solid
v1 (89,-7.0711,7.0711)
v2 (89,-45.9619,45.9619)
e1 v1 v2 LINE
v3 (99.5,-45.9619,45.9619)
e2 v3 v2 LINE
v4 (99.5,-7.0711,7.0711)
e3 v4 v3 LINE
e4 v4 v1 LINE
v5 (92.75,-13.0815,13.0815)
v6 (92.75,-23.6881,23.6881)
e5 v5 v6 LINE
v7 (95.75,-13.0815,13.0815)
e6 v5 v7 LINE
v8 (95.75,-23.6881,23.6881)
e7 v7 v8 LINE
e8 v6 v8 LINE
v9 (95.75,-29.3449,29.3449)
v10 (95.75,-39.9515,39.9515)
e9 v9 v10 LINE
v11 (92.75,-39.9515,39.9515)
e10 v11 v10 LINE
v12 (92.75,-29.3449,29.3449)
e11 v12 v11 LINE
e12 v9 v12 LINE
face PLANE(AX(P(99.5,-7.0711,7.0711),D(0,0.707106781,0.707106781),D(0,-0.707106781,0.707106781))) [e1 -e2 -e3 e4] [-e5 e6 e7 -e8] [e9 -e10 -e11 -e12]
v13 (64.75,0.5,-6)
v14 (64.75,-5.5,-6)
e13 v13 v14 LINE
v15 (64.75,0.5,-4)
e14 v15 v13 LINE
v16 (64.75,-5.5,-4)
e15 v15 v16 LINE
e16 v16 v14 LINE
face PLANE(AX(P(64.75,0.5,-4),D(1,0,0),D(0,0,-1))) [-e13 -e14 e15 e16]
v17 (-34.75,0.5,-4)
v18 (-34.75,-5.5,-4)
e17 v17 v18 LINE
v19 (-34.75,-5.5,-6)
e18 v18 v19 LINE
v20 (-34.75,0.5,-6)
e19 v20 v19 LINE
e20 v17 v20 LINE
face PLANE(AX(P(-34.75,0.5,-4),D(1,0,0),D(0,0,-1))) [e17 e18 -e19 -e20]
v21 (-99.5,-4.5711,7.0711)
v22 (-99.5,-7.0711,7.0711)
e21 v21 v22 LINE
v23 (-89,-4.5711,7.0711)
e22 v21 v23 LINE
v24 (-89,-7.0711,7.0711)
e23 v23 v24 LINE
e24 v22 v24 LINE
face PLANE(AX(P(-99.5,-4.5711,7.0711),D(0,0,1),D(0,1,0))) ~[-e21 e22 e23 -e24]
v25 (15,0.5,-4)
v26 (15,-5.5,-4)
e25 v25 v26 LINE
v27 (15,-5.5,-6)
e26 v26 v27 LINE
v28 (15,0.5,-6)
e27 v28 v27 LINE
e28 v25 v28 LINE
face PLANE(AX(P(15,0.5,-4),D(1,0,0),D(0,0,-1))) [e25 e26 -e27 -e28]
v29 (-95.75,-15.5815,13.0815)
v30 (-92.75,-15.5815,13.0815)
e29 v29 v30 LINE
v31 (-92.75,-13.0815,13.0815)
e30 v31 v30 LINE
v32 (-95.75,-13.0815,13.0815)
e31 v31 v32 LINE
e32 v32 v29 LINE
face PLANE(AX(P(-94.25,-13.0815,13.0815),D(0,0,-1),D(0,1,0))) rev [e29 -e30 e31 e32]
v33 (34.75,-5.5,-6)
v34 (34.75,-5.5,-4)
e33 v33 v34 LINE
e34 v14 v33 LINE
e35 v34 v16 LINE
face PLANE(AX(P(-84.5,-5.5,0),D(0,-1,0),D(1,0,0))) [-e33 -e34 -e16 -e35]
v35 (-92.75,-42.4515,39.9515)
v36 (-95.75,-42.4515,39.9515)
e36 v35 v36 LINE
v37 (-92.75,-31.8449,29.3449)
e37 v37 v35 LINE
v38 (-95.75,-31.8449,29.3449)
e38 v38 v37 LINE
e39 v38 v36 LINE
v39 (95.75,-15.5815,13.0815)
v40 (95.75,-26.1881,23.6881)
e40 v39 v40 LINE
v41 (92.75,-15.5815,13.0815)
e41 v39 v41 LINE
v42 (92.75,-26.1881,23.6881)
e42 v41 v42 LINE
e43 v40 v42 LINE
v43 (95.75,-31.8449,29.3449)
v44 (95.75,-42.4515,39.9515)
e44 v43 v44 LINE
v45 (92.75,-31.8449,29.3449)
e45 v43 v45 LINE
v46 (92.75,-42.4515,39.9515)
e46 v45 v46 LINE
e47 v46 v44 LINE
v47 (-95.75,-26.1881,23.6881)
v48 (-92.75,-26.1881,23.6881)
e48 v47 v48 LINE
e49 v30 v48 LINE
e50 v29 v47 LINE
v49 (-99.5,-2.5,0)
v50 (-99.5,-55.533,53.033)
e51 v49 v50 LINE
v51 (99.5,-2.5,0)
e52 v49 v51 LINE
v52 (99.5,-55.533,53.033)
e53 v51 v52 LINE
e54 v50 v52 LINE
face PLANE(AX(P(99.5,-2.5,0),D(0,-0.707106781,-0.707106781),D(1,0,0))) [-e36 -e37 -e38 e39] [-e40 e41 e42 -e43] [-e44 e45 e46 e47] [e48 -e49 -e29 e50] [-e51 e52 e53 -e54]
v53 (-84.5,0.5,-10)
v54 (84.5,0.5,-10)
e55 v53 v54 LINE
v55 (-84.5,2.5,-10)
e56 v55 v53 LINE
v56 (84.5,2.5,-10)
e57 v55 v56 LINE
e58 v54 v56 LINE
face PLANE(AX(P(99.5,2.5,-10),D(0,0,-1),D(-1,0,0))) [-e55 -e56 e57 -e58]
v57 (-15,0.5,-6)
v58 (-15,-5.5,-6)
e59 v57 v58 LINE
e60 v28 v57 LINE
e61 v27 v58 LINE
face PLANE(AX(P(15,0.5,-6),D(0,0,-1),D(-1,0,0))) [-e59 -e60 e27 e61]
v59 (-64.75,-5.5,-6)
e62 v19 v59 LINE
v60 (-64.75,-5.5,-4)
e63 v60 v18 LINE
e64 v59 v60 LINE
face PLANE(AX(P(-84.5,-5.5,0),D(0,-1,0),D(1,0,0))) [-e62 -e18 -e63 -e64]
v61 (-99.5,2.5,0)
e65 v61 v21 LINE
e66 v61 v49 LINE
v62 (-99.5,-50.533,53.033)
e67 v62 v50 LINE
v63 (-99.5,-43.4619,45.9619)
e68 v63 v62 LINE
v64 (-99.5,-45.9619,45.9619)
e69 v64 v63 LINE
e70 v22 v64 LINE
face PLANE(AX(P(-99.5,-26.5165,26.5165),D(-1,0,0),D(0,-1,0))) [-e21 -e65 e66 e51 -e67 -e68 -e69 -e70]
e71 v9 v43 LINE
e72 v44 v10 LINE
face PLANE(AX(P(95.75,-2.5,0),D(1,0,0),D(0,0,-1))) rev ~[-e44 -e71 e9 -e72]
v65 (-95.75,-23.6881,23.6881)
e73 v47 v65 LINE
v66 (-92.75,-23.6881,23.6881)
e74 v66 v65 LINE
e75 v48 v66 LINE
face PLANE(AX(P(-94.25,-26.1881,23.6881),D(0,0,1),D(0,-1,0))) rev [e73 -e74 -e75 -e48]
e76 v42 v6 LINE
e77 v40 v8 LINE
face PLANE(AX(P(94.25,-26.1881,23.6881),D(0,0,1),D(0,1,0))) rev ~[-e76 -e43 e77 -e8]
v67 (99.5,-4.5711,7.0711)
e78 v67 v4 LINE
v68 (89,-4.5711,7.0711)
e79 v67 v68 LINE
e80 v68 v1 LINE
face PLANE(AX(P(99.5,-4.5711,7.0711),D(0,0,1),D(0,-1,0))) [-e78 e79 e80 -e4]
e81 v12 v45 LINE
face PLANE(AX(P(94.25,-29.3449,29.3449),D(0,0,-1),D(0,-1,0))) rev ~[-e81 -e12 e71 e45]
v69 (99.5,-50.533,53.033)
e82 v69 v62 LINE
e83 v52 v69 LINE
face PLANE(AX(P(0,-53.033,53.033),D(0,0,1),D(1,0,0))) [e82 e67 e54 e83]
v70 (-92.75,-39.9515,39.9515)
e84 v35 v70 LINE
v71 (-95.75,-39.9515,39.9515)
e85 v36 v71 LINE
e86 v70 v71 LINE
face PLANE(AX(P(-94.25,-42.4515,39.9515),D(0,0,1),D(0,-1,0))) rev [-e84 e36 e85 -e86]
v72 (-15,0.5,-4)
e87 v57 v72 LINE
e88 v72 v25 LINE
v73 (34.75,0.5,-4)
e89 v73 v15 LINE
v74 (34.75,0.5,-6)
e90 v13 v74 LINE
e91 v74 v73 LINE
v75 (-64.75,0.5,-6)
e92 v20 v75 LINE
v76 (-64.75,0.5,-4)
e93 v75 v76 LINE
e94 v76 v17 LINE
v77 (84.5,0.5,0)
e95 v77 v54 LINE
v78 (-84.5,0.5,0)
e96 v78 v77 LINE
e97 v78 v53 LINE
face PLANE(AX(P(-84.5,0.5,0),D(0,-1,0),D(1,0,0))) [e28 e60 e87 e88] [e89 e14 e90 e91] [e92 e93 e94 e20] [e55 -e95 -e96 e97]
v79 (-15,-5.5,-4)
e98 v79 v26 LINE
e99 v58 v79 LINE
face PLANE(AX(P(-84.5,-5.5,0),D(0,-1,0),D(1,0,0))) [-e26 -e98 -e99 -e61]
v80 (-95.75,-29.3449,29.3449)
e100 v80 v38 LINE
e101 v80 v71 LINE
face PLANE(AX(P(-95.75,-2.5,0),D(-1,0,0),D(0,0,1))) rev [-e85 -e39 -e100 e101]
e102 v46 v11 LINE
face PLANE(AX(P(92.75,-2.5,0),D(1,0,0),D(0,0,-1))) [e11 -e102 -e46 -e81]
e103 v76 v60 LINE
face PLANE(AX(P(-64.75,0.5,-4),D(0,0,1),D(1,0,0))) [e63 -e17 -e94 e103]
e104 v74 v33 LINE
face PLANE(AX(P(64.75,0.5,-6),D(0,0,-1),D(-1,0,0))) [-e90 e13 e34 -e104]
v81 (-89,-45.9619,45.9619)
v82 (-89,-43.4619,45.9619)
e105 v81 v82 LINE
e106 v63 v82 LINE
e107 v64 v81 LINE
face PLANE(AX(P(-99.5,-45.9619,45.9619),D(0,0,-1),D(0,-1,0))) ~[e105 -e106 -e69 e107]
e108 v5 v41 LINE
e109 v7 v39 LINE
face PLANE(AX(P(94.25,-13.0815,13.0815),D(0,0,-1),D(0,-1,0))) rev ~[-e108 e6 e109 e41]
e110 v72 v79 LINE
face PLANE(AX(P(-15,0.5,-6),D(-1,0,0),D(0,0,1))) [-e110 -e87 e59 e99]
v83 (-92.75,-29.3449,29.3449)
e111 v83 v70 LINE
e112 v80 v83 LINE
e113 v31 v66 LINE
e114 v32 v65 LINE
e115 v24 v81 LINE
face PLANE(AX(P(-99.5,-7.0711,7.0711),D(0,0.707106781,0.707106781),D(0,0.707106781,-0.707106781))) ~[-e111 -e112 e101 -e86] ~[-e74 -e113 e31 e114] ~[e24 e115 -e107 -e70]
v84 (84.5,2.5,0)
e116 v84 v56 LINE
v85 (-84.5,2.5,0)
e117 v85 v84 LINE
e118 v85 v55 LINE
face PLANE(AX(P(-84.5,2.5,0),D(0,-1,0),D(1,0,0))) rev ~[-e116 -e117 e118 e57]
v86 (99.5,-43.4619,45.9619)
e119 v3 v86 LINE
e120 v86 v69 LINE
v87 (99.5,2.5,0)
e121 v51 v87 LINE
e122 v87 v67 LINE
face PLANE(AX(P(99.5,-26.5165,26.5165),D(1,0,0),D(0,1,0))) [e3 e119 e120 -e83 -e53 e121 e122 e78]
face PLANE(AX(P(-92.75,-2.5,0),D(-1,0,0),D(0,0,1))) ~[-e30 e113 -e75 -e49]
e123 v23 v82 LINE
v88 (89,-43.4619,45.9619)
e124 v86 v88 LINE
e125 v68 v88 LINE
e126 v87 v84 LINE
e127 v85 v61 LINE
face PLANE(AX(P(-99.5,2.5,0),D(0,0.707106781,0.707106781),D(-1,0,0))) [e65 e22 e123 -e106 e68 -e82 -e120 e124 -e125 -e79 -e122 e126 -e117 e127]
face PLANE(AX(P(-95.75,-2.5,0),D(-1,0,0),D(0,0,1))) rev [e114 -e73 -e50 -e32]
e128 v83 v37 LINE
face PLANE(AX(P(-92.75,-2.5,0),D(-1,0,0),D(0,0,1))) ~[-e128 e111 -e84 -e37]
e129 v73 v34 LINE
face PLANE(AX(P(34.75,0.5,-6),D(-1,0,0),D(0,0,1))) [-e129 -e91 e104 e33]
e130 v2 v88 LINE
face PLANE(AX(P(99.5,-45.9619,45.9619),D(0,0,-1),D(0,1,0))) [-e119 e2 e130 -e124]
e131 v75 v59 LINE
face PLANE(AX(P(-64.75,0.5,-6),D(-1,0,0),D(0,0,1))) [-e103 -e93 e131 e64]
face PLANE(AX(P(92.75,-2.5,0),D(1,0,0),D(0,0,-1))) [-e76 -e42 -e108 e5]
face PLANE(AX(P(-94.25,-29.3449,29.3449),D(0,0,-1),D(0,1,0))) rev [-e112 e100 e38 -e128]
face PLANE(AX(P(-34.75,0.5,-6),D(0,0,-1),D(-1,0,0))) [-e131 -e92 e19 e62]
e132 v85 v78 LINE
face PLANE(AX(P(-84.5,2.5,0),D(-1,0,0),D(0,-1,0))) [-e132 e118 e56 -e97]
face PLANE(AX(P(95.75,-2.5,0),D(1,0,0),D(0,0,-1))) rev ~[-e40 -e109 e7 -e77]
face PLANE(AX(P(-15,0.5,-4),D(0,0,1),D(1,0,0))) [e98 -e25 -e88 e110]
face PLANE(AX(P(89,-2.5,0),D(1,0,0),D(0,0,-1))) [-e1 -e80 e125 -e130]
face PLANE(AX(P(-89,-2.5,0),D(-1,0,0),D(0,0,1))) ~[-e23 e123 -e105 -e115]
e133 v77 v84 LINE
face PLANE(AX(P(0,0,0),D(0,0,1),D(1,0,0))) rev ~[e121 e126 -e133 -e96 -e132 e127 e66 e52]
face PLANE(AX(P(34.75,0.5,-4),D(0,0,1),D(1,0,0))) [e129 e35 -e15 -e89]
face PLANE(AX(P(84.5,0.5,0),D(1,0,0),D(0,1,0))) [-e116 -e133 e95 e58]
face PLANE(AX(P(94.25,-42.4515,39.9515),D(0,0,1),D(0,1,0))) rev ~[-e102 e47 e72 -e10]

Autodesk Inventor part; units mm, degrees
ref_plane "YZ Plane" through (0, 0, 0) normal (1, 0, 0) x (0, 1, 0)
ref_plane "XZ Plane" through (0, 0, 0) normal (0, 1, 0) x (-1, 0, 0)
sketch "Sketch2" plane through (0, 0, 0) normal (0, 0, 1) x (1, 0, 0)
  line L0 (-99.5, 2.5) -> (99.5, 2.5)
  line L1 (99.5, 2.5) -> (99.5, -2.5)
  line L2 (99.5, -2.5) -> (-99.5, -2.5)
  line L3 (-99.5, -2.5) -> (-99.5, 2.5)
  point P0 (0, 0)
  dimension "d1" = 199
  dimension "d2" = 5
  dimension "d3" = 2.5
  dimension "d4" = 99.5
sketch "Sketch3" plane through (0, 0, 0) normal (1, 0, 0) x (0, 1, 0)
  line L0 (0, 0) -> (-53.033, 53.033)
  line L1 (0, -0.5221) -> (1.6531, -0.5221)
  dimension "d5" = 75
  dimension "d6" = 45
sweep "Sweep1" add profiles "Sketch2" path "Sketch3" path curves L0
sketch "Sketch4" plane through (-99.5, 2.5, 0) normal (0, 0.7071, 0.7071) x (1, 0, 0)
  line L0 (0, 0) -> (199, 0) projected
  line L1 (0, 0) -> (0, -75) projected
  line L2 (199, -75) -> (0, -75) projected
  line L3 (199, 0) -> (199, -75) projected
  line L4 (199, 0) -> (199, -75)
  line L5 (199, 0) -> (274, -75)
  line L6 (274, -75) -> (199, -75)
  point P0 (99.5, -1.7678)
  dimension "d9" = 45
sketch "Sketch5" plane through (99.5, -2.5, 0) normal (1, 0, 0) x (0, 0, -1)
  line L0 (0, 5) -> (0, 0) projected
  line L1 (0, 5) -> (-53.033, -48.033) projected
  line L2 (-53.033, -53.033) -> (-53.033, -48.033) projected
  line L3 (0, 0) -> (-53.033, -53.033) projected
  line L4 (-26.5165, -21.5165) -> (-26.5165, -26.5165)
  point P0 (0, 2.5)
sweep "Sweep2" [suppressed]
mirror "Mirror1" [suppressed]
sketch "Sketch6" plane through (99.5, 2.5, 0) normal (0, 0, -1) x (-1, 0, 0)
  line L0 (199, 0) -> (0, 0) projected
  line L1 (0, 0) -> (0, -5) projected
  line L2 (0, -5) -> (199, -5) projected
  line L3 (199, -5) -> (199, 0) projected
  line L4 (0, 0) -> (199, 0)
  line L5 (199, 0) -> (199, -2)
  line L6 (199, -2) -> (0, -2)
  line L7 (0, -2) -> (0, 0)
  line L8 (98.5, -2) -> (100.5, -2)
  line L9 (100.5, -2) -> (100.5, -5)
  line L10 (100.5, -5) -> (98.5, -5)
  line L11 (98.5, -5) -> (98.5, -2)
  line L12 (48.25, -2) -> (50.25, -2)
  line L13 (50.25, -2) -> (50.25, -5)
  line L14 (50.25, -5) -> (48.25, -5)
  line L15 (48.25, -5) -> (48.25, -2)
  line L16 (148.75, -2) -> (150.75, -2)
  line L17 (150.75, -2) -> (150.75, -5)
  line L18 (150.75, -5) -> (148.75, -5)
  line L19 (148.75, -5) -> (148.75, -2)
  point P0 (99.5, -2.5)
  dimension "d12" = 2
  dimension "d13" = 2
  dimension "d14" = 199
  dimension "d15" = 1
  dimension "d16" = 2
  dimension "d17" = 2
  dimension "d18" = 48.25
  dimension "d19" = 48.25
  dimension "d20" = 48.25
  dimension "d21" = 48.25
extrude "Extrusion1" [suppressed]
sketch "Sketch7" plane through (1, 0.5, 0) normal (0, -1, 0) x (1, 0, 0)
  line L0 (63, 0) -> (63, -10) projected
  line L1 (124, -10) -> (63, -10) projected
  line L2 (124, 0) -> (124, -10) projected
  line L3 (63, 0) -> (124, 0) projected
  line L4 (61, 0) -> (61, -10) projected
  line L5 (0, 0) -> (61, 0) projected
  line L6 (0, 0) -> (0, -10) projected
  line L7 (61, -10) -> (0, -10) projected
  line L8 (-63, 0) -> (-63, -10) projected
  line L9 (-2, -10) -> (-63, -10) projected
  line L10 (-2, 0) -> (-2, -10) projected
  line L11 (-63, 0) -> (-2, 0) projected
  line L12 (-65, -10) -> (-65, 0) projected
  line L13 (-126, 0) -> (-65, 0) projected
  line L14 (-126, 0) -> (-126, -10) projected
  line L15 (-65, -10) -> (-126, -10) projected
  line L16 (67, -4) -> (57, -4)
  line L17 (57, -4) -> (57, -6)
  line L18 (57, -6) -> (67, -6)
  line L19 (67, -6) -> (67, -4)
  line L20 (4, -4) -> (-6, -4)
  line L21 (-6, -4) -> (-6, -6)
  line L22 (-6, -6) -> (4, -6)
  line L23 (4, -6) -> (4, -4)
  line L24 (-59, -4) -> (-69, -4)
  line L25 (-69, -4) -> (-69, -6)
  line L26 (-69, -6) -> (-59, -6)
  line L27 (-59, -6) -> (-59, -4)
  point P0 (-1, 0)
  dimension "d24" = 10
  dimension "d25" = 2
  dimension "d26" = 4
  dimension "d27" = 4
  dimension "d28" = 4
  dimension "d29" = 4
  dimension "d30" = 10
  dimension "d31" = 2
  dimension "d32" = 4
  dimension "d33" = 4
  dimension "d34" = 4
  dimension "d35" = 10
  dimension "d36" = 4
  dimension "d39" = 2
  dimension "d40" = 4
  dimension "d41" = 4
extrude "Extrusion2" [suppressed]
sketch "Sketch10" plane through (99.5, 2.5, 0) normal (0, 0, -1) x (-1, 0, 0)
  line L0 (199, 0) -> (0, 0) projected
  line L1 (0, 0) -> (0, -5) projected
  line L2 (0, -5) -> (199, -5) projected
  line L3 (199, -5) -> (199, 0) projected
  line L4 (15, 0) -> (184, 0)
  line L5 (184, 0) -> (184, -2)
  line L6 (184, -2) -> (15, -2)
  line L7 (15, -2) -> (15, 0)
  point P0 (99.5, -2.5)
  dimension "d76" = 2
  dimension "d77" = 169
  dimension "d78" = 84.5
extrude "Extrusion5" add sketch "Sketch10" along normal blind 10 contours L5 L6 L7 L0
sketch "Sketch11" plane through (-84.5, 0.5, 0) normal (0, -1, 0) x (1, 0, 0)
  line L0 (0, 0) -> (169, 0) projected
  line L1 (0, 0) -> (0, -10) projected
  line L2 (169, -10) -> (0, -10) projected
  line L3 (169, 0) -> (169, -10) projected
  line L4 (149.25, -6) -> (119.25, -6)
  line L5 (119.25, -6) -> (119.25, -4)
  line L6 (119.25, -4) -> (149.25, -4)
  line L7 (149.25, -4) -> (149.25, -6)
  line L8 (99.5, -6) -> (69.5, -6)
  line L9 (69.5, -6) -> (69.5, -4)
  line L10 (69.5, -4) -> (99.5, -4)
  line L11 (99.5, -4) -> (99.5, -6)
  line L12 (49.75, -6) -> (19.75, -6)
  line L13 (19.75, -6) -> (19.75, -4)
  line L14 (19.75, -4) -> (49.75, -4)
  line L15 (49.75, -4) -> (49.75, -6)
  point P0 (84.5, 0)
  dimension "d81" = 2
  dimension "d82" = 10
  dimension "d83" = 4
  dimension "d84" = 30
  dimension "d85" = 19.75
  dimension "d86" = 169
  dimension "d87" = 19.75
  dimension "d88" = 19.75
  dimension "d89" = 30
  dimension "d90" = 30
  dimension "d91" = 19.75
extrude "Extrusion6" add sketch "Sketch11" along normal blind 6 contours L4 L5 L6 L7 | L8 L9 L10 L11 | L12 L13 L14 L15
sketch "Sketch12" plane through (99.5, -2.5, 0) normal (1, 0, 0) x (0, 0, -1)
  line L0 (0, 5) -> (0, 0) projected
  line L1 (0, 5) -> (-53.033, -48.033) projected
  line L2 (-53.033, -53.033) -> (-53.033, -48.033) projected
  line L3 (0, 0) -> (-53.033, -53.033) projected
  line L4 (-7.0711, -2.0711) -> (-7.0711, -4.5711)
  line L5 (-7.0711, -4.5711) -> (-45.9619, -43.4619)
  line L6 (-45.9619, -43.4619) -> (-45.9619, -40.9619)
  line L7 (-45.9619, -40.9619) -> (-7.0711, -2.0711)
  dimension "d99" = 2.5
  dimension "d100" = 10
  dimension "d101" = 10
extrude "Extrusion7" cut sketch "Sketch12" against normal blind 10.5 contours L4 L5 L6 L1
ref_plane "Work Plane1" through (94.25, -2.5, 0) normal (1, 0, 0) x (0, 0, -1)
sketch "Sketch13" plane through (94.25, -2.5, 0) normal (1, 0, 0) x (0, 0, -1)
  line L0 (-7.0711, -2.0711) -> (-7.0711, -4.5711) projected
  line L1 (-7.0711, -4.5711) -> (-45.9619, -43.4619) projected
  line L2 (-45.9619, -43.4619) -> (-45.9619, -40.9619) projected
  line L3 (-45.9619, -40.9619) -> (-53.033, -48.033) projected
  line L4 (-53.033, -53.033) -> (-53.033, -48.033) projected
  line L5 (0, 0) -> (-53.033, -53.033) projected
  line L6 (0, 5) -> (0, 0) projected
  line L7 (0, 5) -> (-7.0711, -2.0711) projected
  line L8 (-45.9619, -40.9619) -> (-7.0711, -2.0711) projected
  line L9 (-45.9619, -43.4619) -> (-45.9619, -40.9619) projected
  line L10 (-7.0711, -4.5711) -> (-45.9619, -43.4619) projected
  line L11 (-7.0711, -2.0711) -> (-7.0711, -4.5711) projected
  line L12 (-13.0815, -10.5815) -> (-13.0815, -13.0815)
  line L13 (-13.0815, -13.0815) -> (-23.6881, -23.6881)
  line L14 (-23.6881, -23.6881) -> (-23.6881, -21.1881)
  line L15 (-23.6881, -21.1881) -> (-13.0815, -10.5815)
  line L16 (-29.3449, -26.8449) -> (-29.3449, -29.3449)
  line L17 (-29.3449, -29.3449) -> (-39.9515, -39.9515)
  line L18 (-39.9515, -39.9515) -> (-39.9515, -37.4515)
  line L19 (-39.9515, -37.4515) -> (-29.3449, -26.8449)
  point P0 (0, 2.5)
  dimension "d104" = 15
  dimension "d105" = 15
  dimension "d106" = 8.5
  dimension "d107" = 8.5
  dimension "d108" = 8
  dimension "d109" = 55
extrude "Extrusion8" cut sketch "Sketch13" along normal mid plane 3 contours L12 L5 L14 L1 | L1 L16 L5 L18
mirror "Mirror2" about plane through (0, 0, 0) normal (1, 0, 0) of "Extrusion7", "Extrusion8"
ref_plane "Work Plane2" through (-94.25, -2.5, 0) normal (1, 0, 0) x (0, 0, -1)
equation "\"d3\" = 0.5 * d2"
equation "\"d4\" = 0.5 * d1"
equation "\"d15\" = 0.5 * d13"
equation "\"d19\" = d18"
equation "\"d30\" = d24"
equation "\"d31\" = d25"
equation "\"d32\" = d26"
equation "\"d34\" = d27"
equation "\"d35\" = d24"
equation "\"d36\" = d26"
equation "\"d39\" = d25"
equation "\"d41\" = d27"
equation "\"d78\" = 0.5 * d77"
equation "\"d83\" = -0.5 * d81 + 0.5 * d82"
equation "\"d85\" = -0.75 * d84 + 0.25 * d86"
equation "\"d87\" = d85"
equation "\"d88\" = d85"
equation "\"d89\" = d84"
equation "\"d90\" = d84"
properties part number "Roof Width Extension"
